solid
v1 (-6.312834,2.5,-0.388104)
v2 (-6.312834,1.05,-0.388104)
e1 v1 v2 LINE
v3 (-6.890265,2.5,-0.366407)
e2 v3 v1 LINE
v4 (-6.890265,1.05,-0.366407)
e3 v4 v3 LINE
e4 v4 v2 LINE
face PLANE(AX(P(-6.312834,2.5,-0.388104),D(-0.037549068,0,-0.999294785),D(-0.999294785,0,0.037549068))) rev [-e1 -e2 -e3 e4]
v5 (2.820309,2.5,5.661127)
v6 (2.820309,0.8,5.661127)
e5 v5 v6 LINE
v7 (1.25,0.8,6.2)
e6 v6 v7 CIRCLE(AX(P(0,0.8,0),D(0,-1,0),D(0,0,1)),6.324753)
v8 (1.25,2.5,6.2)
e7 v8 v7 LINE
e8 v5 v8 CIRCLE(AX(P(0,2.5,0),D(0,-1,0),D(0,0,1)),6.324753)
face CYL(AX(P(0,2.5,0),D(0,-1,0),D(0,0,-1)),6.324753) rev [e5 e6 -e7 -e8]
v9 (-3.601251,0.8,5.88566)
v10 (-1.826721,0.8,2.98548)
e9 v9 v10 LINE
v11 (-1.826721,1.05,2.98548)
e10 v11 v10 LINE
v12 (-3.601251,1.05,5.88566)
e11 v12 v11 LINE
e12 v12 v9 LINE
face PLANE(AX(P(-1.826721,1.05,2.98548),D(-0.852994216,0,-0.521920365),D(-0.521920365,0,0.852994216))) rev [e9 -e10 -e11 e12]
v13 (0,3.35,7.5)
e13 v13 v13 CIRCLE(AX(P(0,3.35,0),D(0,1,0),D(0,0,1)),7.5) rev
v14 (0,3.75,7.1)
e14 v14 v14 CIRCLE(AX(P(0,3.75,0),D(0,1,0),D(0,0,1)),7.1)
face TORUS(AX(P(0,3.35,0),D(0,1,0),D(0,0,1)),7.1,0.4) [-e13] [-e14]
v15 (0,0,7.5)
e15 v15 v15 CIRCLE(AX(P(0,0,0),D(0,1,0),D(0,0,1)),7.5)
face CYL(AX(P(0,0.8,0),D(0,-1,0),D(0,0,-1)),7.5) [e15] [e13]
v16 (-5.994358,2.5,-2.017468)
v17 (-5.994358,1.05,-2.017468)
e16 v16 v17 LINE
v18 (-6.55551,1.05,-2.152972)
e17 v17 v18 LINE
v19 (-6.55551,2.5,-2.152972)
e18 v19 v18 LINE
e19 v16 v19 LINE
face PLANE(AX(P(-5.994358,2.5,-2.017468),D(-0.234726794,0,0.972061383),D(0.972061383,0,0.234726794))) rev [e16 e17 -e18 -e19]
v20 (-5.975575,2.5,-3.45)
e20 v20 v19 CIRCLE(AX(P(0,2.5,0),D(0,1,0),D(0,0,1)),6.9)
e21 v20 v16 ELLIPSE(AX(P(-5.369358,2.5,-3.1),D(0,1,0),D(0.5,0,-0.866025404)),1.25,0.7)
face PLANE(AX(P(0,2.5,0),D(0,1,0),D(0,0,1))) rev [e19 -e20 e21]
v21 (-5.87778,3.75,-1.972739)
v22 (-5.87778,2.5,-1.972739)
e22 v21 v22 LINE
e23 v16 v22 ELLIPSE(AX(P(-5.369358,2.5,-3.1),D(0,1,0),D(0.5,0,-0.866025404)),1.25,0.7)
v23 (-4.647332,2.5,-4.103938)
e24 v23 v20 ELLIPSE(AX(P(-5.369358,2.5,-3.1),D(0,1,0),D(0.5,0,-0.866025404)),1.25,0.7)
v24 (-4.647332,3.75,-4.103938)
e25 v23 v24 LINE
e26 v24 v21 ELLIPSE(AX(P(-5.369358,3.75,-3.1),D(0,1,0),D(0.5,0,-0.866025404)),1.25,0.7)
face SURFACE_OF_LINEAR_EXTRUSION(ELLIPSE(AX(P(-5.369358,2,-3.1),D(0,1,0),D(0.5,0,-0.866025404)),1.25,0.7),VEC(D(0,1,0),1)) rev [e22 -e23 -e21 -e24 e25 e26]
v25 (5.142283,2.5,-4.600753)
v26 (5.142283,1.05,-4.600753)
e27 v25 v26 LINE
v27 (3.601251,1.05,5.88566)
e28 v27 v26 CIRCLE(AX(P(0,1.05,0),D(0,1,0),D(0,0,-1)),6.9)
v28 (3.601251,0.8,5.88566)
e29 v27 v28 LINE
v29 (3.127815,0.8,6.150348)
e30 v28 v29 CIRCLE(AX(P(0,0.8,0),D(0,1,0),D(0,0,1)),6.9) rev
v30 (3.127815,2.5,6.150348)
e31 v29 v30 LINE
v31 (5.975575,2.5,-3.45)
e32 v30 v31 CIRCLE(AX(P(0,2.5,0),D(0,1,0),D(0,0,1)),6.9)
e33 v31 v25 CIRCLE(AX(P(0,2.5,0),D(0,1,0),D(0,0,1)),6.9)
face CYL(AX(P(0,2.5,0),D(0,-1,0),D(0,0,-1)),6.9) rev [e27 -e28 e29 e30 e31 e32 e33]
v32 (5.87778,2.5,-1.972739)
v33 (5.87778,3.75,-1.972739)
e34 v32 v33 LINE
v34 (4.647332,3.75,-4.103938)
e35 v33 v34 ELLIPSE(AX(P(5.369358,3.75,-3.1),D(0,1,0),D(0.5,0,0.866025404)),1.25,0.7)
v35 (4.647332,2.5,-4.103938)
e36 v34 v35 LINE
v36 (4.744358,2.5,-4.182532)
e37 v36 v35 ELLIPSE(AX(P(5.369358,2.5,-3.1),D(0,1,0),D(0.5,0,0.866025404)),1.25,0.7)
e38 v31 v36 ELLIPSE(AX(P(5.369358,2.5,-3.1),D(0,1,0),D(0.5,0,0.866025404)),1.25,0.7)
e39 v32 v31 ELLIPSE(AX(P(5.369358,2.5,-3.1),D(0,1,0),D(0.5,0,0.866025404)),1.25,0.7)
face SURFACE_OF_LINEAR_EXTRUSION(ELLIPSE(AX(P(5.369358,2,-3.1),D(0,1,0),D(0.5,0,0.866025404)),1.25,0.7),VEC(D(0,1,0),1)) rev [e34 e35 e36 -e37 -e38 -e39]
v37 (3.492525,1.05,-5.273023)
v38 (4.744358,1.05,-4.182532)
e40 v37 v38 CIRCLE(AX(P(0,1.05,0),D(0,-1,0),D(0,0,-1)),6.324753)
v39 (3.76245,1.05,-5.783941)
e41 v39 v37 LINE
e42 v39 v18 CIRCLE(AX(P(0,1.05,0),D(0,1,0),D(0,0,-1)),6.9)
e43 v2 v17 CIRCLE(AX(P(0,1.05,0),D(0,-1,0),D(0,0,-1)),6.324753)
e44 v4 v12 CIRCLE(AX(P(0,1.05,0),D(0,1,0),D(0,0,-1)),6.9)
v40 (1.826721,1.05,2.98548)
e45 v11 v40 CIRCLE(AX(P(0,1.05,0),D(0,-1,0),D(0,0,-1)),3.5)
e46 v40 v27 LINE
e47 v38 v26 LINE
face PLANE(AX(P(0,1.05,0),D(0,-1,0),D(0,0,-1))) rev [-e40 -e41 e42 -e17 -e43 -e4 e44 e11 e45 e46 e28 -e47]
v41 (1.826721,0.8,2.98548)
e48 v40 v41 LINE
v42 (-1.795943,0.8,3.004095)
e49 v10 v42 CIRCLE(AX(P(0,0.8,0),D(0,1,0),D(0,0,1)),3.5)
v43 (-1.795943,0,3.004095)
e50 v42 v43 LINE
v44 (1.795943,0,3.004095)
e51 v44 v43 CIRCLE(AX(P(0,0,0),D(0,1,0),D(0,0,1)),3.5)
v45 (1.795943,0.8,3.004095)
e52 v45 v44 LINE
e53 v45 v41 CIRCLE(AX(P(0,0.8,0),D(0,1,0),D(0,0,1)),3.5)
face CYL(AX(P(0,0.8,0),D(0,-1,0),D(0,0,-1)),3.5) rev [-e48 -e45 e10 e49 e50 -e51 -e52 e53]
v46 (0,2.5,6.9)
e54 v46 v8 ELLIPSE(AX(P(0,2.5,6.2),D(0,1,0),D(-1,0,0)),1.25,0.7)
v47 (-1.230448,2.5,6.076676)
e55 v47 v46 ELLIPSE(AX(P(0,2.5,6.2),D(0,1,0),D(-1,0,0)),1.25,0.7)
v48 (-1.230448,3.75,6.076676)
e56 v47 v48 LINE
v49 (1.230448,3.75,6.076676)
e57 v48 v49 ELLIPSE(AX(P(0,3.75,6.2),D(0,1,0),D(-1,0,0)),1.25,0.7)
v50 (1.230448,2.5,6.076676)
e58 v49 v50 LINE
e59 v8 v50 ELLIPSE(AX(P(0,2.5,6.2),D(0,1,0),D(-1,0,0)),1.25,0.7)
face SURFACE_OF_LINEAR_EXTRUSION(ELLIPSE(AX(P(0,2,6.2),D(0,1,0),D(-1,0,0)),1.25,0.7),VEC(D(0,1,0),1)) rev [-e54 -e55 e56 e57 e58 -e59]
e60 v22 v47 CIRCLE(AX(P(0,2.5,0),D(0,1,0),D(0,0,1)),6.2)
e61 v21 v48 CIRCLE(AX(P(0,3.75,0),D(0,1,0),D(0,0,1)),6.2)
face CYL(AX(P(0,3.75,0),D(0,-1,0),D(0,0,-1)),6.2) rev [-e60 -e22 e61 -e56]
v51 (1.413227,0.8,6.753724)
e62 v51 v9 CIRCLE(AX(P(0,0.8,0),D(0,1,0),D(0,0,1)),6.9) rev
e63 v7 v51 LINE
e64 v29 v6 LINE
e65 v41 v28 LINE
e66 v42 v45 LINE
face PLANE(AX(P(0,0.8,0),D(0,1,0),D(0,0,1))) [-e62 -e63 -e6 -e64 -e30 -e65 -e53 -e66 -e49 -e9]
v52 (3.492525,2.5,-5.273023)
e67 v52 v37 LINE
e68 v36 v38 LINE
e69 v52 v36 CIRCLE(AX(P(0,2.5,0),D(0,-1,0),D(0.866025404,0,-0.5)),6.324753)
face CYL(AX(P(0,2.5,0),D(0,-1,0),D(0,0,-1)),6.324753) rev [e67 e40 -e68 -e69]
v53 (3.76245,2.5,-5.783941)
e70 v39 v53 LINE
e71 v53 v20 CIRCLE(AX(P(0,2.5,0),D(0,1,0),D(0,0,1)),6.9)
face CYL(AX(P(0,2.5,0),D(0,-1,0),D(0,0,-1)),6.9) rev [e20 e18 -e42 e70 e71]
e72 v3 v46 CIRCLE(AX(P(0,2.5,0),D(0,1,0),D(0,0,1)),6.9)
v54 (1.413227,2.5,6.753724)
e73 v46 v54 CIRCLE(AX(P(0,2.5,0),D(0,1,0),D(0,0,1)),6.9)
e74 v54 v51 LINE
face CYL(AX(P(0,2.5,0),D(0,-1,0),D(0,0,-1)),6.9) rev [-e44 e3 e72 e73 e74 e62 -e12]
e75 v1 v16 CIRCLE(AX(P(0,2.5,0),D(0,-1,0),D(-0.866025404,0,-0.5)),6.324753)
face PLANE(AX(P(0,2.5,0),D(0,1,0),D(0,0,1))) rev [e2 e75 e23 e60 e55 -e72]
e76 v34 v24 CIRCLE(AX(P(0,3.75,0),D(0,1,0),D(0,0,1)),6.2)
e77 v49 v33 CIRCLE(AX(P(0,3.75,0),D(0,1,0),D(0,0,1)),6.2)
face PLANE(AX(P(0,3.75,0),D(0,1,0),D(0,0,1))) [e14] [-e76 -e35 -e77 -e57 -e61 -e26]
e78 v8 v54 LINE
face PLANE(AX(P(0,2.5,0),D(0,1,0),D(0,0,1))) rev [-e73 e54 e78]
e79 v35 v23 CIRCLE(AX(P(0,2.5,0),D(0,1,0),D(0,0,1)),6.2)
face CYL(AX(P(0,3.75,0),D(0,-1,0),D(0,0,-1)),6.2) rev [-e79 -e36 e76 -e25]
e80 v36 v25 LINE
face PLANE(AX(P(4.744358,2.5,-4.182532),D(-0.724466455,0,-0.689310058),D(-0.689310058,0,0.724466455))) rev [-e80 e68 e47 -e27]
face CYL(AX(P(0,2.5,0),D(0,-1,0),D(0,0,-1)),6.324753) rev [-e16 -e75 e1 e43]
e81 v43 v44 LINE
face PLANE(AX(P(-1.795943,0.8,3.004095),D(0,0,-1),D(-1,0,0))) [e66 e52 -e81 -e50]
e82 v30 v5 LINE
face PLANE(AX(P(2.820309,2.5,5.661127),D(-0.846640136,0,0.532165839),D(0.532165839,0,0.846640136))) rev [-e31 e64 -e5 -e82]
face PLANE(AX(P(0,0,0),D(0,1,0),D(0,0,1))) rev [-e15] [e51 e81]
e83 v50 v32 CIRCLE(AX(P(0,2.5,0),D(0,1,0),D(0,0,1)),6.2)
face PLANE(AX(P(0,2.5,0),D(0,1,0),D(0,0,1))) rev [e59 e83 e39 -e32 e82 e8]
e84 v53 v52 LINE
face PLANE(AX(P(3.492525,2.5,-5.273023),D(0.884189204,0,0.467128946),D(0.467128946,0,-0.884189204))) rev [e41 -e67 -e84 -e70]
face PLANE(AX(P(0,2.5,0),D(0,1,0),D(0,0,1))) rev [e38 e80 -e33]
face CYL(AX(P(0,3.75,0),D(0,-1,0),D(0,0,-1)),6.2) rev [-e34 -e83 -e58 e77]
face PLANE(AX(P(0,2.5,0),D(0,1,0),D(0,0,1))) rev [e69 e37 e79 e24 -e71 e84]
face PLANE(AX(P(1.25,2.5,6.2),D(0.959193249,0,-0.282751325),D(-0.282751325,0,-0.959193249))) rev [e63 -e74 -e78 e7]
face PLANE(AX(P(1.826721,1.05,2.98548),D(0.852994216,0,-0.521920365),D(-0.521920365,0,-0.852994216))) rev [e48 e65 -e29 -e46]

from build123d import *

# Parameters (mm, degrees)
SKIZZE1_R                       = 7.5
SKIZZE1_R_2                     = 3.5
AUFSATZ_LINEAR_AUSTRAGEN2_DEPTH = 0.8
SKIZZE5_R                       = 7.5
SKIZZE5_R_2                     = 6.9
AUFSATZ_LINEAR_AUSTRAGEN4_DEPTH = 1.7
SKIZZE18_R                      = 7.5
SKIZZE18_R_2                    = 6.2
AUFSATZ_LINEAR_AUSTRAGEN5_DEPTH = 1.25
SKIZZE19_RX                     = 1.25
SKIZZE19_RY                     = 0.7
SCHNITT_LINEAR_AUSTRAGEN1_DEPTH = 1.75
AUFSATZ_LINEAR_AUSTRAGEN6_DEPTH = 1.7
AUFSATZ_LINEAR_AUSTRAGEN7_DEPTH = 0.25
KREISMUSTER2_COUNT              = 3
KREISMUSTER4_COUNT              = 3
VERRUNDUNG1_R                   = 0.4
SKIZZE25_W                      = 3.608230109
SKIZZE25_H                      = 2.129095576
AUFSATZ_LINEAR_AUSTRAGEN8_DEPTH = 0.8


with BuildPart() as part:
    # Skizze1 → Aufsatz-Linear austragen2 (new body)
    with BuildSketch(Plane(origin=(0, 0, 0), x_dir=(1, 0, 0), z_dir=(0, 1, 0))):
        Circle(SKIZZE1_R)
        Circle(SKIZZE1_R_2, mode=Mode.SUBTRACT)
    extrude(amount=AUFSATZ_LINEAR_AUSTRAGEN2_DEPTH)

    # Skizze5 → Aufsatz-Linear austragen4 (add)
    with BuildSketch(Plane(origin=(0, 0.8, 0), x_dir=(1, 0, 0), z_dir=(0, 1, 0))):
        Circle(SKIZZE5_R)
        Circle(SKIZZE5_R_2, mode=Mode.SUBTRACT)
    extrude(amount=AUFSATZ_LINEAR_AUSTRAGEN4_DEPTH)

    # Skizze18 → Aufsatz-Linear austragen5 (add)
    with BuildSketch(Plane(origin=(0, 2.5, 0), x_dir=(1, 0, 0), z_dir=(0, 1, 0))):
        Circle(SKIZZE18_R)
        Circle(SKIZZE18_R_2, mode=Mode.SUBTRACT)
    extrude(amount=AUFSATZ_LINEAR_AUSTRAGEN5_DEPTH)

    # Skizze19 → Schnitt-Linear austragen1 (cut)
    with BuildSketch(Plane(origin=(0, 3.75, 0), x_dir=(1, 0, 0), z_dir=(0, 1, 0))):
        with Locations(Location((0, -6.2), (0, 0, 180))):
            Ellipse(SKIZZE19_RX, SKIZZE19_RY)
    schnitt_linear_austragen1 = extrude(amount=-SCHNITT_LINEAR_AUSTRAGEN1_DEPTH, mode=Mode.SUBTRACT)

    # Skizze21 → Aufsatz-Linear austragen6 (add)
    with BuildSketch(Plane(origin=(0, 0.8, 0), x_dir=(1, 0, 0), z_dir=(0, 1, 0))):
        with BuildLine():
            Line((1.25, -6.2), (1.58338324, -7.330954748))
            ThreePointArc((1.58338324, -7.330954748), (2.538105919, -7.057479603), (3.448325605, -6.660259043))
            Line((3.448325605, -6.660259043), (2.820309034, -5.661126827))
            ThreePointArc((2.820309034, -5.661126827), (2.052912561, -5.982311428), (1.25, -6.2))
        make_face()
    aufsatz_linear_austragen6 = extrude(amount=AUFSATZ_LINEAR_AUSTRAGEN6_DEPTH)

    # Skizze22 → Aufsatz-Linear austragen7 (add)
    with BuildSketch(Plane(origin=(0, 0.8, 0), x_dir=(1, 0, 0), z_dir=(0, 1, 0))):
        with BuildLine():
            Line((1.826721278, -2.985479756), (3.601250519, -5.88566009))
            ThreePointArc((3.601250519, -5.88566009), (0, 6.9), (-3.601250519, -5.88566009))
            Line((-3.601250519, -5.88566009), (-1.826721278, -2.985479756))
            ThreePointArc((-1.826721278, -2.985479756), (0, 3.5), (1.826721278, -2.985479756))
        make_face()
    extrude(amount=AUFSATZ_LINEAR_AUSTRAGEN7_DEPTH)

    # Kreismuster2: Schnitt-Linear austragen1 ×3 about axis
    kreismuster2_axis = Axis((0, 3.75, 0), (0, -1, 0))
    for i in range(1, KREISMUSTER2_COUNT):
        add(schnitt_linear_austragen1.rotate(kreismuster2_axis, i * 360 / KREISMUSTER2_COUNT), mode=Mode.SUBTRACT)

    # Kreismuster4: Aufsatz-Linear austragen6 ×3 about axis
    kreismuster4_axis = Axis((0, 0, 0), (0, 1, 0))
    for i in range(1, KREISMUSTER4_COUNT):
        add(aufsatz_linear_austragen6.rotate(kreismuster4_axis, i * 360 / KREISMUSTER4_COUNT))

    # Verrundung1
    verrundung1_edges = [part.edges().sort_by_distance(p)[0] for p in [
        (-7.5, 3.75, 0),
    ]]
    fillet(verrundung1_edges, radius=VERRUNDUNG1_R)

    # Skizze25 → Aufsatz-Linear austragen8 (add)
    with BuildSketch(Plane.XZ):
        with Locations((0.008172181, 4.068643191)):
            Rectangle(SKIZZE25_W, SKIZZE25_H)
    extrude(amount=-AUFSATZ_LINEAR_AUSTRAGEN8_DEPTH)


solid = part.part
